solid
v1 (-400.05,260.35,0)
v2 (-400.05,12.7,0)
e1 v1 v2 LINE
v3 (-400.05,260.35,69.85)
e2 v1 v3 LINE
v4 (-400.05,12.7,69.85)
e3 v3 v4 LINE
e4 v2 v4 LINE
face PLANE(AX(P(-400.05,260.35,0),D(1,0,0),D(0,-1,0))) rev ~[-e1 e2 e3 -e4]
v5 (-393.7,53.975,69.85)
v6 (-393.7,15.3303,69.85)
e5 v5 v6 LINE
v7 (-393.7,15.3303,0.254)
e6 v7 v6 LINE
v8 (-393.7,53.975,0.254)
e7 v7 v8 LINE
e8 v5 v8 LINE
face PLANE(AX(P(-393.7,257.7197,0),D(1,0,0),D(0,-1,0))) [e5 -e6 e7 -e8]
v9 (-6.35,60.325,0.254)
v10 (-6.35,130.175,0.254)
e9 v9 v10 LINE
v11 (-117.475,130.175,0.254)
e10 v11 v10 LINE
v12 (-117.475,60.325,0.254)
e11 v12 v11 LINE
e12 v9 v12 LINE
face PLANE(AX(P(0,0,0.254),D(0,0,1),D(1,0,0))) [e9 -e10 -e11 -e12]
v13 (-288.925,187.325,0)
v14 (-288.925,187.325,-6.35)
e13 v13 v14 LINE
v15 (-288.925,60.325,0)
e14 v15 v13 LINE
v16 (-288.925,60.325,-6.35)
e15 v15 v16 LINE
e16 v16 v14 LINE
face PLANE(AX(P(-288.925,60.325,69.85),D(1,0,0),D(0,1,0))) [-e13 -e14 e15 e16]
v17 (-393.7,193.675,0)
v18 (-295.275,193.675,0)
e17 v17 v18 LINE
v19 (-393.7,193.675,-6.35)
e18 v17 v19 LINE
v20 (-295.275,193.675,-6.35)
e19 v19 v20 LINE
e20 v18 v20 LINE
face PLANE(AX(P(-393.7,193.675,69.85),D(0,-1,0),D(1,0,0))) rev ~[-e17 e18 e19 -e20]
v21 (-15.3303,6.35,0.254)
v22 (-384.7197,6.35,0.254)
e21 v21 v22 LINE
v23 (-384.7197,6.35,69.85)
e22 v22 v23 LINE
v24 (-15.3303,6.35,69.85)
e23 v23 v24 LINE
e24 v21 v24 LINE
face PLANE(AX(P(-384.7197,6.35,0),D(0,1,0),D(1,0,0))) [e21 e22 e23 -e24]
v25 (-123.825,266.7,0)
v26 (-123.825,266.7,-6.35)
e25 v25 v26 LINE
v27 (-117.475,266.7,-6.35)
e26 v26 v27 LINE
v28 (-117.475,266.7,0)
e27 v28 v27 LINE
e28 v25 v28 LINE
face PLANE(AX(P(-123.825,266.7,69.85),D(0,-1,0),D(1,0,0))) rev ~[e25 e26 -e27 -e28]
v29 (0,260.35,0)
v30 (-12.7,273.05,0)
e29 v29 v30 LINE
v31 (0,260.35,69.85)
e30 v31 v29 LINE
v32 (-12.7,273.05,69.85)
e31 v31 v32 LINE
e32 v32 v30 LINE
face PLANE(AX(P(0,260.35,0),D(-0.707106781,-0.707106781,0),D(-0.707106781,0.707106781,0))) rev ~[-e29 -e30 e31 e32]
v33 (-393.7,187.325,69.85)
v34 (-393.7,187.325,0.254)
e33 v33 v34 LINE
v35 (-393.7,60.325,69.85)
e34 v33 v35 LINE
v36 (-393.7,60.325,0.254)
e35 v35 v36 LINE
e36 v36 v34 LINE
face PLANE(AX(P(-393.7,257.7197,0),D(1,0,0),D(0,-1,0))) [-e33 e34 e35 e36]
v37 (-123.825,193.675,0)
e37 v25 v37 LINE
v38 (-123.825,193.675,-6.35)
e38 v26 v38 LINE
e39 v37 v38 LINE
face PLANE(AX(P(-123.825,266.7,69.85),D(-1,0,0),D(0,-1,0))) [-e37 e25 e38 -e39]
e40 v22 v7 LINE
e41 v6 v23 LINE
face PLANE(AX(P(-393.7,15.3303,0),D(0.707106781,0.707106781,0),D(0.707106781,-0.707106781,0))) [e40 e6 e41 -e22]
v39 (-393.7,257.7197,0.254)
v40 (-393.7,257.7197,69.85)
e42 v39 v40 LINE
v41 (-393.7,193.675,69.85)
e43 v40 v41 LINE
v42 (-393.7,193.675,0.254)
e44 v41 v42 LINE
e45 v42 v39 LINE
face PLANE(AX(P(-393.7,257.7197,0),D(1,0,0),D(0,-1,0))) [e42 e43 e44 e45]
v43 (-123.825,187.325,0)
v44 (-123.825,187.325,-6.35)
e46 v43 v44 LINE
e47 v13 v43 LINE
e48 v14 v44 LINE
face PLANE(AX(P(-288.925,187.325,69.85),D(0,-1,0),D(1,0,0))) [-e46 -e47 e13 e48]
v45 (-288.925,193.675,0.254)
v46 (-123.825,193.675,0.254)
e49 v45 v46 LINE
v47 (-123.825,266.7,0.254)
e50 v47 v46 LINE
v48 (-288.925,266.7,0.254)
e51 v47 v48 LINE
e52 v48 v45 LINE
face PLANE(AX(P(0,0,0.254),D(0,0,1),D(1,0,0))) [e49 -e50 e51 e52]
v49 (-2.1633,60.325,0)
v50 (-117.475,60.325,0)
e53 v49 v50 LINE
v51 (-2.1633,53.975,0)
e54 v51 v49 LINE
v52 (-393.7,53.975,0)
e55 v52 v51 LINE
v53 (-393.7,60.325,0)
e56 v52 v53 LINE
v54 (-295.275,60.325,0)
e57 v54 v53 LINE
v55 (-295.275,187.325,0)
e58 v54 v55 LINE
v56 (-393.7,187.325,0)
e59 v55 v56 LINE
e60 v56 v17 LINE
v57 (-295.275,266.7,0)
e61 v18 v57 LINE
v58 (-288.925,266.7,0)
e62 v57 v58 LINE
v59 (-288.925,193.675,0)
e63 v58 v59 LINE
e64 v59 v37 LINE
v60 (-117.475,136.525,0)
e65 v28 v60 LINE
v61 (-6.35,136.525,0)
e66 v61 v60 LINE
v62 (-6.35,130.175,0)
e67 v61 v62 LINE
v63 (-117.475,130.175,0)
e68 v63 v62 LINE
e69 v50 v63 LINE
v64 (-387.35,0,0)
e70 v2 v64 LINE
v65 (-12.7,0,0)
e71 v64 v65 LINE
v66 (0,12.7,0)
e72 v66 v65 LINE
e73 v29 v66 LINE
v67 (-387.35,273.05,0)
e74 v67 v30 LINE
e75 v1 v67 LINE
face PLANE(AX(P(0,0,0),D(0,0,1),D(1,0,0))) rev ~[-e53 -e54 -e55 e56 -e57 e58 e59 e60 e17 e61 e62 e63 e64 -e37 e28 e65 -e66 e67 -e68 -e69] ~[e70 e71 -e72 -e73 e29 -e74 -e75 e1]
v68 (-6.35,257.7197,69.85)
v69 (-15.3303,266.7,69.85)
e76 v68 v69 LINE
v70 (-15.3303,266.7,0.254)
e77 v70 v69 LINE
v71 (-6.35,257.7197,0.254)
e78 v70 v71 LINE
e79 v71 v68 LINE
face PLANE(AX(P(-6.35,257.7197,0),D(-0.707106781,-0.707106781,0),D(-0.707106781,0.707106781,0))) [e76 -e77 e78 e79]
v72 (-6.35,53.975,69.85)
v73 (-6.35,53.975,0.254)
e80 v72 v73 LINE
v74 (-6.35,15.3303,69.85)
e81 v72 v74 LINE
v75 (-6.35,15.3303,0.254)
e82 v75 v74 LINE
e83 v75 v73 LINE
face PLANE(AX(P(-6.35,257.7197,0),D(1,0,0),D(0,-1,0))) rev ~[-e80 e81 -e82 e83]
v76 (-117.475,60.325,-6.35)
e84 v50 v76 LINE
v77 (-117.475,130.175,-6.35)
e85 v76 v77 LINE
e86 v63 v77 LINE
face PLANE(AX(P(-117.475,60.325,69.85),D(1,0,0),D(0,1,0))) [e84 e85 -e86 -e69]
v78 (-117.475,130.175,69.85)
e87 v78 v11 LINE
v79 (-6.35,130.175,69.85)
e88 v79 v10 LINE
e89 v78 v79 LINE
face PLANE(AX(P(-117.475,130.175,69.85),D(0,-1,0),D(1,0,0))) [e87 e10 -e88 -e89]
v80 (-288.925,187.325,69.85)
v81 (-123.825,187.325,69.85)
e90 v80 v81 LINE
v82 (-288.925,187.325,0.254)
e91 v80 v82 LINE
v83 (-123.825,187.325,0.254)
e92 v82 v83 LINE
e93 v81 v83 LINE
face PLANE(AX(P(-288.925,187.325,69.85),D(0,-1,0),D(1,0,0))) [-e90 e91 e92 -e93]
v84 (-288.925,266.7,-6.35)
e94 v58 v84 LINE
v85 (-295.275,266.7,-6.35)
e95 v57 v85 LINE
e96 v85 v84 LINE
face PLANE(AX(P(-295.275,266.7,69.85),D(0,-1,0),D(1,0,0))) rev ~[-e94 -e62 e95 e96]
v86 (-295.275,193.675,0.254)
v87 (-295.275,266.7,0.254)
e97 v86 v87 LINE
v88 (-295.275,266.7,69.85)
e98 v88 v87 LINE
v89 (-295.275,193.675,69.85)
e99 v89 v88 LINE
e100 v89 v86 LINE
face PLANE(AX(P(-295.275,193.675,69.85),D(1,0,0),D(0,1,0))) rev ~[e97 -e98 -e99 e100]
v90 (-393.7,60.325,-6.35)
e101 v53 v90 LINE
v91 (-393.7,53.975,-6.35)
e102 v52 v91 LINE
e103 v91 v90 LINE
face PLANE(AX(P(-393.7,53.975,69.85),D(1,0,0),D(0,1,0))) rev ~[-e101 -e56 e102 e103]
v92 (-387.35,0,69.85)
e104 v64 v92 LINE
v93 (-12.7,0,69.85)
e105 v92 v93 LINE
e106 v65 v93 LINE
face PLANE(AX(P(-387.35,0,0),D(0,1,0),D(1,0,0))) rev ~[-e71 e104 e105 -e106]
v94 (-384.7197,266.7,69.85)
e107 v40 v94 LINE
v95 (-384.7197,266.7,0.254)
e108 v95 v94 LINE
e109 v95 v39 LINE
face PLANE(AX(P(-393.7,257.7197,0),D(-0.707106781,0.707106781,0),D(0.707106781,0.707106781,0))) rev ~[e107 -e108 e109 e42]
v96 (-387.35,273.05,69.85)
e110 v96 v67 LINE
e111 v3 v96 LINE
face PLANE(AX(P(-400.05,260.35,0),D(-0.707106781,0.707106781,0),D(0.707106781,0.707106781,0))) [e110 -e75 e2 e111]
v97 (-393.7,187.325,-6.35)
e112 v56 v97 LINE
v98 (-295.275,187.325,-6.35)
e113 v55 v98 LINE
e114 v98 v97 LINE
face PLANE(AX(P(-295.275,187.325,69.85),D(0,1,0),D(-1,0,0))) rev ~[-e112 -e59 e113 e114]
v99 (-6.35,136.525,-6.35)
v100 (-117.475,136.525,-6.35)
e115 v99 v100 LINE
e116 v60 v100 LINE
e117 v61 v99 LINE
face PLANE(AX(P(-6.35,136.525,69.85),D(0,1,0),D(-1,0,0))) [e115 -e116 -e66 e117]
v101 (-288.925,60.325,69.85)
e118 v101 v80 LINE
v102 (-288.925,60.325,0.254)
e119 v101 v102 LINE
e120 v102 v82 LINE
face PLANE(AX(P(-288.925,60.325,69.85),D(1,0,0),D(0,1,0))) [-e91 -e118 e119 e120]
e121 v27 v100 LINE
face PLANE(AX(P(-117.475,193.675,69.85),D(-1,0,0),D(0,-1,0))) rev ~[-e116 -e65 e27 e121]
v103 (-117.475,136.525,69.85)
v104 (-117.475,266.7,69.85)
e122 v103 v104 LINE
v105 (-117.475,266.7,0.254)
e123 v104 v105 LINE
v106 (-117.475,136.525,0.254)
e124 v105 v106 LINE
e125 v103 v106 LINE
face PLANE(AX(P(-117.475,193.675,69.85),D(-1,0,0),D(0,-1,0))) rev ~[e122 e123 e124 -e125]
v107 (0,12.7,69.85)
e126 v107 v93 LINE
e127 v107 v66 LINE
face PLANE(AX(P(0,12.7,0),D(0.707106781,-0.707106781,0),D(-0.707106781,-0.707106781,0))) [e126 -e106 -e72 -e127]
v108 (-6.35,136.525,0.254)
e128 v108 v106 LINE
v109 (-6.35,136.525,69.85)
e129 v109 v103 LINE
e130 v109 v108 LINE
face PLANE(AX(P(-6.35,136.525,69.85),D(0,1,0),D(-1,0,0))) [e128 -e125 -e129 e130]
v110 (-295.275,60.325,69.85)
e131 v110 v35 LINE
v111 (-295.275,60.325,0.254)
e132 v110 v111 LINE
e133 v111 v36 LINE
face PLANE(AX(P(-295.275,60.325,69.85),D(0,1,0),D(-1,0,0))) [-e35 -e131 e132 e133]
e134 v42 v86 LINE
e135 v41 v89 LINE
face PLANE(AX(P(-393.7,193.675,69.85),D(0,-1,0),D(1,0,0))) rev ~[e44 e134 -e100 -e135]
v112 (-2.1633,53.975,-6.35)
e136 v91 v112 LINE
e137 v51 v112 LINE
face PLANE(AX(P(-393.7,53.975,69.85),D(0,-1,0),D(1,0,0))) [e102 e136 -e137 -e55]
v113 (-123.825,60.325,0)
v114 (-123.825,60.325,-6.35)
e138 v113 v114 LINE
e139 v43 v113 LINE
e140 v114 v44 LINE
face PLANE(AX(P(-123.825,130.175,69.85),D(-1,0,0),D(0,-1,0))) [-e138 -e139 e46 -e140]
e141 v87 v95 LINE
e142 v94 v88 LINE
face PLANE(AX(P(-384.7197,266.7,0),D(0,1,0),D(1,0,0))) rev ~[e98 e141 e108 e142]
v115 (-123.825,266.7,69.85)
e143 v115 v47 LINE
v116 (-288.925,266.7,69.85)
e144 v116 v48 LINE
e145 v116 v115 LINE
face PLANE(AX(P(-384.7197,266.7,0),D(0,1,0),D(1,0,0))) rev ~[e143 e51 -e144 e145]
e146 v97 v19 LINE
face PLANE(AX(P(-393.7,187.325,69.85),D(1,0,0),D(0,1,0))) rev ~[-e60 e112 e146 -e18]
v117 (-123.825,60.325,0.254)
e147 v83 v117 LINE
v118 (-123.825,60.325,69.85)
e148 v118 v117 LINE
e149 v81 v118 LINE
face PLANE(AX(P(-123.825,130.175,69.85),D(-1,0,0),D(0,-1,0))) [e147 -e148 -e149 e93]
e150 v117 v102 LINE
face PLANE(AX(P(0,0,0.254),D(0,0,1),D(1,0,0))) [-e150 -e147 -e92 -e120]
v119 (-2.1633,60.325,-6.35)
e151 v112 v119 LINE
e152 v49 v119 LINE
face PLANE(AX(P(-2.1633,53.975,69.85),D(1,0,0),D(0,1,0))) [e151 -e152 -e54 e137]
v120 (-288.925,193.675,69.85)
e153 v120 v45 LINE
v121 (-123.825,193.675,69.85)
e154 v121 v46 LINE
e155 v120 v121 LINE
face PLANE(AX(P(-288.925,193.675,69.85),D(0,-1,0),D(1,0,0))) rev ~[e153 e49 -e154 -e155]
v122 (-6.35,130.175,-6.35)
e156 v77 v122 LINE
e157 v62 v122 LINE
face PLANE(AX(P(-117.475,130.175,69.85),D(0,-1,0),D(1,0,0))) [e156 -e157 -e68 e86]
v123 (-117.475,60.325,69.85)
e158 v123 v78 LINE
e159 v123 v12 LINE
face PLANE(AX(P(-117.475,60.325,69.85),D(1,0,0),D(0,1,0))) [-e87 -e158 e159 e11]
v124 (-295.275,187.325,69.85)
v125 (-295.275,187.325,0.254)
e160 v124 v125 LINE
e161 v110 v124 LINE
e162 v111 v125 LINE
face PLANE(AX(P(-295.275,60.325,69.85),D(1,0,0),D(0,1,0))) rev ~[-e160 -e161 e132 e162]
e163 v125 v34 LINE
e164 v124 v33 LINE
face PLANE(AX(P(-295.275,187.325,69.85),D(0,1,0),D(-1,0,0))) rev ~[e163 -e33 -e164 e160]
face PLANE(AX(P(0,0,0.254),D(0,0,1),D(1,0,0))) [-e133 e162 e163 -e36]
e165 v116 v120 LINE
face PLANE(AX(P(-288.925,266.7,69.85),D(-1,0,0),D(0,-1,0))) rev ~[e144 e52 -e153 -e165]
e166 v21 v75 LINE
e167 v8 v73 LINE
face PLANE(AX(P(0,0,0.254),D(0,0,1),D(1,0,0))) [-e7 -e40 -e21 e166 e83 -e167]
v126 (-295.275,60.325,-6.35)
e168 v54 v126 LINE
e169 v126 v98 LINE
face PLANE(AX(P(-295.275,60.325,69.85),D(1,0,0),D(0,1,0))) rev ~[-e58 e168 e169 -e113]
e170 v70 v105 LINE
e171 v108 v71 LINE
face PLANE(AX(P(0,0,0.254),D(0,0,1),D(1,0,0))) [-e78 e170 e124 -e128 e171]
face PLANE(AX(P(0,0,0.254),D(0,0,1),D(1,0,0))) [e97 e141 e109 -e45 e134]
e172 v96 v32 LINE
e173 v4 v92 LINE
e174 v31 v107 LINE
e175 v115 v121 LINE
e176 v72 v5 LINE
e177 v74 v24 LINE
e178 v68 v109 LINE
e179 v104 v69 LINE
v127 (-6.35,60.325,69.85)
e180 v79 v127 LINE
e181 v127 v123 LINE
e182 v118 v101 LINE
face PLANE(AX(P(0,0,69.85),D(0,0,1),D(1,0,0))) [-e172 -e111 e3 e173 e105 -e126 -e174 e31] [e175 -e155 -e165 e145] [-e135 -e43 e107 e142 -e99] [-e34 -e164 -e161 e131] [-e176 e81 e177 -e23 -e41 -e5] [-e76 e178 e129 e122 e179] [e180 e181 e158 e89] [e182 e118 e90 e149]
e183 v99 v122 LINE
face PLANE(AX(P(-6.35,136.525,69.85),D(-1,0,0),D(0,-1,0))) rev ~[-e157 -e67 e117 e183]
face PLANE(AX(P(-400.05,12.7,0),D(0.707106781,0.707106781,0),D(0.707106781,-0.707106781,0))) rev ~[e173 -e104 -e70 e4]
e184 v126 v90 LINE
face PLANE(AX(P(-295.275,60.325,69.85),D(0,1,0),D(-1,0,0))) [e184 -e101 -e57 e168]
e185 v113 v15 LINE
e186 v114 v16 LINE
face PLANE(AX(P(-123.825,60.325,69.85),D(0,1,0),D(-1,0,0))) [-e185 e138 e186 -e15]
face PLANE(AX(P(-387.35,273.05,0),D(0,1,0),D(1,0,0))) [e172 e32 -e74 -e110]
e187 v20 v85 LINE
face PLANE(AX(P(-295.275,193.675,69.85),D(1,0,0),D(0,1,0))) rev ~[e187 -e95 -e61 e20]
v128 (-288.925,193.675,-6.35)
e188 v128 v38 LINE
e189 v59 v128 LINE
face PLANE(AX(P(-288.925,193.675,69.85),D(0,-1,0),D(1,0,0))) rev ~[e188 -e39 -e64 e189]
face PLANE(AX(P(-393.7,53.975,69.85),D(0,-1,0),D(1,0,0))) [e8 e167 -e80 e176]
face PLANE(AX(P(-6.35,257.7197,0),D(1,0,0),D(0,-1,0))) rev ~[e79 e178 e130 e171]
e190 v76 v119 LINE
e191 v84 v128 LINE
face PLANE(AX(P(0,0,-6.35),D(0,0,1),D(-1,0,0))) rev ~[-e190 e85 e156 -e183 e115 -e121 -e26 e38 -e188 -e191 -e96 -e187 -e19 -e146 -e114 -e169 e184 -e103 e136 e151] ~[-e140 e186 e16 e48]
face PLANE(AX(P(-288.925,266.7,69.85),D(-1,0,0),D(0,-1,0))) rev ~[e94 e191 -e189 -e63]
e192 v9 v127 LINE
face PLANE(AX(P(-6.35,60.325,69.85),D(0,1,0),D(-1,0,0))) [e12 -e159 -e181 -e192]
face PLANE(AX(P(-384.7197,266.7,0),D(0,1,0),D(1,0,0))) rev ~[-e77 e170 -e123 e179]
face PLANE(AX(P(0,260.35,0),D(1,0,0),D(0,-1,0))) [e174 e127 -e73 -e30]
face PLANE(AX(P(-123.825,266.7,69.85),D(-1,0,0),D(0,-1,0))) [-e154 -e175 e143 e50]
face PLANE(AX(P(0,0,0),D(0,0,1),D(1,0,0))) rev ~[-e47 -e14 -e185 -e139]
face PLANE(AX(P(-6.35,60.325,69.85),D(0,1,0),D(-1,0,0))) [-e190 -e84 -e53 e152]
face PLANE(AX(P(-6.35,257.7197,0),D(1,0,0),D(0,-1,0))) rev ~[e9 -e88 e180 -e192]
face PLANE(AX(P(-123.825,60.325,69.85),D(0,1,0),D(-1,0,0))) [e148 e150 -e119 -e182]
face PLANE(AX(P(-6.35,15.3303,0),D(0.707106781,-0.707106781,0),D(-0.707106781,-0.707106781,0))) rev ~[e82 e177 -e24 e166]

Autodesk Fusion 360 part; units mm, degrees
sketch "Sketch1" plane through (0, 0, 0) normal (0, 0, 1) x (1, 0, 0)
  line L0 (-400.05, 260.35) -> (-387.35, 273.05)
  line L1 (-400.05, 12.7) -> (-387.35, 0)
  line L2 (-400.05, 260.35) -> (-400.05, 12.7)
  line L3 (0, 260.35) -> (-12.7, 273.05)
  line L4 (0, 12.7) -> (-12.7, 0)
  line L5 (0, 260.35) -> (0, 12.7)
  line L6 (-387.35, 0) -> (-12.7, 0)
  line L7 (-387.35, 273.05) -> (-12.7, 273.05)
  line L8 (-6.35, 257.7197) -> (-15.3303, 266.7)
  line L9 (-384.7197, 266.7) -> (-15.3303, 266.7)
  line L10 (-393.7, 257.7197) -> (-384.7197, 266.7)
  line L11 (-393.7, 257.7197) -> (-393.7, 15.3303)
  line L12 (-393.7, 15.3303) -> (-384.7197, 6.35)
  line L13 (-384.7197, 6.35) -> (-15.3303, 6.35)
  line L14 (-6.35, 15.3303) -> (-15.3303, 6.35)
  line L15 (-6.35, 257.7197) -> (-6.35, 15.3303)
  dimension "d5" = 6.35
extrude "Extrude1" add sketch "Sketch1" along normal blind 0.254 contours L0 L1 L2 L3 L4 L5 L6 L7 | L8 L9 L10 L11 L12 L13 L14 L15
extrude "Extrude2" add sketch "Sketch1" along normal blind 69.85
sketch "Sketch2" plane through (0, 0, 69.85) normal (0, 0, 1) x (-1, 0, 0)
  line L0 (393.7, -15.3303) -> (393.7, -257.7197)
  line L1 (393.7, -257.7197) -> (384.7197, -266.7)
  line L2 (384.7197, -266.7) -> (15.3303, -266.7)
  line L3 (15.3303, -266.7) -> (6.35, -257.7197)
  line L4 (6.35, -257.7197) -> (6.35, -15.3303)
  line L5 (6.35, -15.3303) -> (15.3303, -6.35)
  line L6 (15.3303, -6.35) -> (384.7197, -6.35)
  line L7 (384.7197, -6.35) -> (393.7, -15.3303)
  line L8 (400.05, -260.35) -> (400.05, -12.7)
  line L9 (400.05, -12.7) -> (387.35, 0)
  line L10 (387.35, 0) -> (12.7, 0)
  line L11 (12.7, 0) -> (0, -12.7)
  line L12 (0, -12.7) -> (0, -260.35)
  line L13 (0, -260.35) -> (12.7, -273.05)
  line L14 (12.7, -273.05) -> (387.35, -273.05)
  line L15 (387.35, -273.05) -> (400.05, -260.35)
  line L16 (393.7, -162.4342) -> (393.7, -166.61)
  line L17 (295.275, -266.7) -> (288.925, -266.7)
  line L18 (393.7, -193.675) -> (295.275, -193.675)
  line L19 (393.7, -193.675) -> (295.275, -193.675)
  line L20 (295.275, -193.675) -> (295.275, -187.325)
  line L21 (295.275, -187.325) -> (393.7, -187.325)
  line L22 (393.7, -187.325) -> (393.7, -193.675)
  line L23 (295.275, -187.325) -> (295.275, -193.675)
  line L24 (2.1633, -60.325) -> (288.925, -60.325)
  line L25 (288.925, -60.325) -> (288.925, -187.325)
  line L26 (2.1633, -60.325) -> (393.7, -60.325)
  line L27 (393.7, -60.325) -> (393.7, -53.975)
  line L28 (393.7, -53.975) -> (2.1633, -53.975)
  line L29 (2.1633, -53.975) -> (2.1633, -60.325)
  line L30 (295.275, -53.975) -> (288.925, -53.975)
  line L31 (288.925, -187.325) -> (123.825, -187.325)
  line L32 (123.825, -187.325) -> (117.475, -187.325)
  line L33 (117.475, -187.325) -> (123.825, -187.325)
  line L34 (123.825, -187.325) -> (123.825, -60.325)
  line L35 (123.825, -60.325) -> (117.475, -60.325)
  line L36 (117.475, -60.325) -> (117.475, -187.325)
  line L37 (295.275, -187.325) -> (288.925, -187.325)
  line L38 (288.925, -187.325) -> (288.925, -60.325)
  line L39 (288.925, -60.325) -> (295.275, -60.325)
  line L40 (295.275, -60.325) -> (295.275, -187.325)
  line L41 (295.275, -266.7) -> (288.925, -266.7)
  line L42 (288.925, -266.7) -> (288.925, -193.675)
  line L43 (288.925, -193.675) -> (295.275, -193.675)
  line L44 (295.275, -193.675) -> (295.275, -266.7)
  line L45 (117.475, -60.325) -> (123.825, -60.325)
  line L46 (123.825, -60.325) -> (123.825, -130.175)
  line L47 (123.825, -130.175) -> (117.475, -130.175)
  line L48 (117.475, -130.175) -> (117.475, -60.325)
  line L49 (117.475, -130.175) -> (6.35, -130.175)
  line L50 (6.35, -130.175) -> (6.35, -136.525)
  line L51 (6.35, -136.525) -> (117.475, -136.525)
  line L52 (117.475, -136.525) -> (117.475, -130.175)
  line L53 (117.475, -187.325) -> (393.7, -187.325)
  line L54 (393.7, -187.325) -> (393.7, -193.675)
  line L55 (393.7, -193.675) -> (117.475, -193.675)
  line L56 (117.475, -193.675) -> (117.475, -187.325)
  line L57 (123.825, -193.675) -> (117.475, -193.675)
  line L58 (117.475, -193.675) -> (117.475, -266.7)
  line L59 (117.475, -266.7) -> (123.825, -266.7)
  line L60 (123.825, -266.7) -> (123.825, -193.675)
  dimension "d11" = 6.35
  dimension "d12" = 73.025
  dimension "d13" = 6.35
  dimension "d15" = 6.35
  dimension "d17" = 6.35
  dimension "d18" = 165.1
  dimension "d19" = 6.35
  dimension "d22" = 127
  dimension "d23" = 6.35
  dimension "d24" = 69.85
  dimension "d25" = 6.35
extrude "Extrude3" add sketch "Sketch2" against normal blind 76.2 contours L0 L4 L24 L26 L27 L28 L30 L35 L39 L45 | L25 L26 L37 L38 L39 L40 L53 | L0 L18 L19 L20 L21 L22 L23 L53 L54 L55 | L20 L23 L31 L32 L33 L37 L43 L53 L55 L56 L57 | L4 L24 L26 L28 L29 | L24 L26 L34 L35 L36 L45 L46 L47 L48 | L2 L17 L41 L42 L43 L44 L55 | L32 L33 L34 L36 L47 L52 L53 | L4 L36 L49 L50 L51 L52 | L2 L55 L57 L58 L59 L60
